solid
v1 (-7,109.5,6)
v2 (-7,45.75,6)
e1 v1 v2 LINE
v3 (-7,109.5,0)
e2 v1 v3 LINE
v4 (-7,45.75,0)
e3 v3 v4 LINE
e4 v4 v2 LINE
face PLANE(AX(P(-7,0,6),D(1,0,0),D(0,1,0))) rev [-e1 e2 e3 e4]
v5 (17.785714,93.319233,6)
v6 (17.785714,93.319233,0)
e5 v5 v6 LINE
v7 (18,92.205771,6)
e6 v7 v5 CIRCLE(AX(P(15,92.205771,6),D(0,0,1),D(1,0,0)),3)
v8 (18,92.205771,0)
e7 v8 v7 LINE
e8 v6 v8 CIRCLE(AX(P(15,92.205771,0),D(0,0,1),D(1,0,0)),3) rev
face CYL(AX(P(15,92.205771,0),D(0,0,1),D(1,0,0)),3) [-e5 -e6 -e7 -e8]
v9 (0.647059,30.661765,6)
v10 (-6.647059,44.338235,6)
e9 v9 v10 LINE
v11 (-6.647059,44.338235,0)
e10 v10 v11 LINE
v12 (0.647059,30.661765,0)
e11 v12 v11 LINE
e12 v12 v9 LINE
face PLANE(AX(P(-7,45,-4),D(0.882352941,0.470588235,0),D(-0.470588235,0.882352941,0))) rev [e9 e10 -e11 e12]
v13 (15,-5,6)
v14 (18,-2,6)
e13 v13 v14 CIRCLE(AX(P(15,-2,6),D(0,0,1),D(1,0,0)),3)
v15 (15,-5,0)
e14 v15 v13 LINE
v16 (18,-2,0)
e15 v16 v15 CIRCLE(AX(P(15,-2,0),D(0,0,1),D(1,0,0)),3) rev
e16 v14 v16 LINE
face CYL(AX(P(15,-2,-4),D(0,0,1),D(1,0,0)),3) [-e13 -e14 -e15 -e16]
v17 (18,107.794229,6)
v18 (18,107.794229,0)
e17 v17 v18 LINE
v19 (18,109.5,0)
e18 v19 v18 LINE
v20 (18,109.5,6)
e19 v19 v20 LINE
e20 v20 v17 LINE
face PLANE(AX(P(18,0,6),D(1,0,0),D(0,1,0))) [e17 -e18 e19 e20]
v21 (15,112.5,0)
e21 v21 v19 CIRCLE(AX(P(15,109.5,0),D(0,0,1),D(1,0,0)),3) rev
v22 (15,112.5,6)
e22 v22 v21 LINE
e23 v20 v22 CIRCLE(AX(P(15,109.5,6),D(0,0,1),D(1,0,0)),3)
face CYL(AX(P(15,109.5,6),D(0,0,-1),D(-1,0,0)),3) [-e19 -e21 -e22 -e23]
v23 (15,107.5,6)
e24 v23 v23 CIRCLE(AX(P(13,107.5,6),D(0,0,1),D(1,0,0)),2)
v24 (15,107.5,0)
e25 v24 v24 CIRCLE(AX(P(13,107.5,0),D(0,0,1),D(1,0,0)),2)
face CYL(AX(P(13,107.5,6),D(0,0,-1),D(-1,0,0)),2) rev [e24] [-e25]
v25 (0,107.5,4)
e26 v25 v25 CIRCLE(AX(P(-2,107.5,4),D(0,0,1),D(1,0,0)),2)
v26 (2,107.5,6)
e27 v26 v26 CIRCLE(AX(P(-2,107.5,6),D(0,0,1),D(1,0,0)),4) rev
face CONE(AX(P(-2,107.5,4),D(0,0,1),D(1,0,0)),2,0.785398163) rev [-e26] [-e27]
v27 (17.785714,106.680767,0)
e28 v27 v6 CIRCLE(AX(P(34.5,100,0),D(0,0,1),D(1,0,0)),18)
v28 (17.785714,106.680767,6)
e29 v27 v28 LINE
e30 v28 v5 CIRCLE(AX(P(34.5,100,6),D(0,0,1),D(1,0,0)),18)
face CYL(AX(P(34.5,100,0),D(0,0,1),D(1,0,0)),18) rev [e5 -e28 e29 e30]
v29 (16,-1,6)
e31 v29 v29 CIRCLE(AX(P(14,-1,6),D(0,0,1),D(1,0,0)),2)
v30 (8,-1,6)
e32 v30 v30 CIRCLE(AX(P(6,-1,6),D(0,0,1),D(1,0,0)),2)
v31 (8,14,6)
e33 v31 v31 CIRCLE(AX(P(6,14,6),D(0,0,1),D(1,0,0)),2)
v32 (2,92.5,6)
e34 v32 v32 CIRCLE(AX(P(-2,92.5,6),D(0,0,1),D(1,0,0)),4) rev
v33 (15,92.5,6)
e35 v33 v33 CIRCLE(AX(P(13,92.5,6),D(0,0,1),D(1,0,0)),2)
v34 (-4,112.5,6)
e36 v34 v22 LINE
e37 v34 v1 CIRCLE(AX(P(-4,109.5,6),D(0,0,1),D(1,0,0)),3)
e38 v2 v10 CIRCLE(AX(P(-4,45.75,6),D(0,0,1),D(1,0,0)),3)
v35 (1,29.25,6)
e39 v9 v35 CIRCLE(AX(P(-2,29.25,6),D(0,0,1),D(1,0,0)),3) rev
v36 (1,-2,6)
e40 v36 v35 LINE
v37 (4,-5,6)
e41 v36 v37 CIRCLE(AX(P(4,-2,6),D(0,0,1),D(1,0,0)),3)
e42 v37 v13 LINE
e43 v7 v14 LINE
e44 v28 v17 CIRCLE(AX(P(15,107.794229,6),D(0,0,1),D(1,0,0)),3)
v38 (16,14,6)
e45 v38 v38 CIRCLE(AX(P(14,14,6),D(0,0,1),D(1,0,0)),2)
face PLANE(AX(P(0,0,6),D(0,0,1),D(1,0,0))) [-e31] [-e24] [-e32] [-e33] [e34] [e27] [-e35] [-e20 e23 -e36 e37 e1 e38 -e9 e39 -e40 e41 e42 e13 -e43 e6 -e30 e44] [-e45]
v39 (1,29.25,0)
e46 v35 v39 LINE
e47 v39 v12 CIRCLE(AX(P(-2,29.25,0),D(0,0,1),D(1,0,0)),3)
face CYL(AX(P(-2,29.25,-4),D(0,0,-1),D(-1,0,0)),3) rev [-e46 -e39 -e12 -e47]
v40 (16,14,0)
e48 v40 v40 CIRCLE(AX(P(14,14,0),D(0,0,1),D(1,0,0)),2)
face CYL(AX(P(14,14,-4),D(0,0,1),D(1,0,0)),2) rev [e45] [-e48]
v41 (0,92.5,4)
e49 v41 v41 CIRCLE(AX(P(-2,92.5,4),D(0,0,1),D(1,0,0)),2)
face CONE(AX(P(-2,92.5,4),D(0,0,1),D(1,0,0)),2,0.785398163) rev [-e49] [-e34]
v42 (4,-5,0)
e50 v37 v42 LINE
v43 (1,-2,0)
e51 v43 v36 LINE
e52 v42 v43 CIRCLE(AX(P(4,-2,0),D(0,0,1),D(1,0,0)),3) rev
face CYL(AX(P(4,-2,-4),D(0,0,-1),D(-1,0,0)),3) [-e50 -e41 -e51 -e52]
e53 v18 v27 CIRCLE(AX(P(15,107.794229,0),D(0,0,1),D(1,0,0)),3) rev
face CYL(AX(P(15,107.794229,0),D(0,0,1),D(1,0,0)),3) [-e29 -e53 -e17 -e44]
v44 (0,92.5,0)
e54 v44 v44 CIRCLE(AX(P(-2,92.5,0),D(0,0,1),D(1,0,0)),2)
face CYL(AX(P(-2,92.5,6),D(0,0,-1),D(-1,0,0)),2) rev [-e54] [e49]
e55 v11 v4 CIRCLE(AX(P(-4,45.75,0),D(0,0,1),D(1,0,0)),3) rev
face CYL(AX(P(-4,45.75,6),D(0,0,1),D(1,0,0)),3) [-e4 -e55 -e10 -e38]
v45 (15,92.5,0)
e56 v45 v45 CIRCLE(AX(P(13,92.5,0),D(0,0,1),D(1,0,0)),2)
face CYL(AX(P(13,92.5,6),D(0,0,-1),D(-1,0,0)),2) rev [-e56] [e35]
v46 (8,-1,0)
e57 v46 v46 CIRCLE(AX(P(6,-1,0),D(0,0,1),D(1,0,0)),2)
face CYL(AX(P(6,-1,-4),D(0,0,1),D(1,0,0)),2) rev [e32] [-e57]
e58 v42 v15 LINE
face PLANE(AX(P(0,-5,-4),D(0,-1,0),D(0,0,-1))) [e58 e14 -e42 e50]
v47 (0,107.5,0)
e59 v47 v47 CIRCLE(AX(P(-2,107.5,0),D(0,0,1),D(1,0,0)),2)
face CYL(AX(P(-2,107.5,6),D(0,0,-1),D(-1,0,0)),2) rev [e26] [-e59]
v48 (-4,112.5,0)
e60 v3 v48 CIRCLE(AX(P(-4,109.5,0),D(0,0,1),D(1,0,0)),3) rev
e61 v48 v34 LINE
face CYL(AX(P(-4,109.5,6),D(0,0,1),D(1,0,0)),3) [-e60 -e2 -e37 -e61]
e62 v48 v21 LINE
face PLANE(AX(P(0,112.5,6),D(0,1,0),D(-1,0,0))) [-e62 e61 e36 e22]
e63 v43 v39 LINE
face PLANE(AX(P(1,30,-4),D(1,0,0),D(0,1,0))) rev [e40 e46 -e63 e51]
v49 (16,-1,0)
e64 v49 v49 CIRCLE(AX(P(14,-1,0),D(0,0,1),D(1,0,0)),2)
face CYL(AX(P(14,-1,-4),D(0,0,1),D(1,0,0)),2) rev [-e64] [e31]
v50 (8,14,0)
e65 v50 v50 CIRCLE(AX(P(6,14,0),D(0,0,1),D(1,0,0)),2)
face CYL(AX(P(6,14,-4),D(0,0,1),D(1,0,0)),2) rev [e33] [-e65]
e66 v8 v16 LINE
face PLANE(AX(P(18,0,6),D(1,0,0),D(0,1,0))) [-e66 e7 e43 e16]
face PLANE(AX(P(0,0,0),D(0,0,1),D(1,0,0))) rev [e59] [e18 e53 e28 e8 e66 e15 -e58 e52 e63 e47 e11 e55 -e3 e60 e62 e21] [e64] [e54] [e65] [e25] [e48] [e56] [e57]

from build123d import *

# Parameters (mm, degrees)
SKETCH_1_R          = 2
EXTRUDE_1_DEPTH     = 6
SKETCH_2_R          = 18
CUT_EXTRUDE_1_DEPTH = 6
SKETCH_3_W          = 2
SKETCH_3_H          = 20
SKETCH_3_W_2        = 23
SKETCH_3_H_2        = 10
CUT_EXTRUDE_2_DEPTH = 10
CUT_EXTRUDE_3_DEPTH = 10
EXTRUDE_2_DEPTH     = 6
SKETCH_6_W          = 15.770181782
SKETCH_6_H          = 14.407317349
EXTRUDE_3_DEPTH     = 6
SKETCH_7_R          = 2
CUT_EXTRUDE_4_DEPTH = 10
FILLET_1_R          = 3
SKETCH_8_R          = 2
CUT_EXTRUDE_5_DEPTH = 10
SKETCH_9_W          = 8
SKETCH_9_H          = 35
CUT_EXTRUDE_6_DEPTH = 10
CUT_EXTRUDE_7_DEPTH = 10
FILLET_2_R          = 3
CHAMFER_1_SIZE      = 2


with BuildPart() as part:
    # 草图1 → 凸台-拉伸1 (new body)
    with BuildSketch(Plane.XY):
        Polygon((12.5, 15), (18, 87.5), (18, 112.5), (-7, 112.5), (-7, 87.5), (-10.5, 15), (-12.5, 15), (-12.5, -15), (12.5, -15), align=None)
        with Locations((7.5, -6)):
            Circle(SKETCH_1_R, mode=Mode.SUBTRACT)
        with Locations((13, 92.5)):
            Circle(SKETCH_1_R, mode=Mode.SUBTRACT)
        with Locations((13, 107.5)):
            Circle(SKETCH_1_R, mode=Mode.SUBTRACT)
        with Locations((-2, 107.5)):
            Circle(SKETCH_1_R, mode=Mode.SUBTRACT)
        with Locations((7.5, 6)):
            Circle(SKETCH_1_R, mode=Mode.SUBTRACT)
        with Locations((-2, 92.5)):
            Circle(SKETCH_1_R, mode=Mode.SUBTRACT)
        with Locations((-0.5, 6)):
            Circle(SKETCH_1_R, mode=Mode.SUBTRACT)
        with Locations((-0.5, -6)):
            Circle(SKETCH_1_R, mode=Mode.SUBTRACT)
    extrude(amount=EXTRUDE_1_DEPTH)

    # 草图2 → 切除-拉伸1 (cut)
    with BuildSketch(Plane.XY.offset(6)):
        with Locations((34.5, 100)):
            Circle(SKETCH_2_R)
    extrude(amount=-CUT_EXTRUDE_1_DEPTH, mode=Mode.SUBTRACT)

    # 草图3 → 切除-拉伸2 (cut)
    with BuildSketch(Plane.XY.offset(6)):
        with Locations((-11.5, 5)):
            Rectangle(SKETCH_3_W, SKETCH_3_H)
        with Locations((1, -10)):
            Rectangle(SKETCH_3_W_2, SKETCH_3_H_2)
        with Locations((-11.5, -10)):
            Rectangle(SKETCH_3_W, SKETCH_3_H_2)
    extrude(amount=-CUT_EXTRUDE_2_DEPTH, mode=Mode.SUBTRACT)

    # 草图4 → 切除-拉伸3 (cut)
    with BuildSketch(Plane.XY.offset(6)):
        Polygon((-7, -5), (-7, 87.5), (-10.5, 15), (-10.5, -5), align=None)
    extrude(amount=-CUT_EXTRUDE_3_DEPTH, mode=Mode.SUBTRACT)

    # 草图5 → 凸台-拉伸2 (add)
    with BuildSketch(Plane.XY.offset(6)):
        Polygon((18, 87.5), (18, -5), (12.5, -5), (12.5, 15), align=None)
    extrude(amount=-EXTRUDE_2_DEPTH)

    # 草图6 → 凸台-拉伸3 (add)
    with BuildSketch(Plane.XY.offset(6)):
        with Locations((3.826559257, 2.203658675)):
            Rectangle(SKETCH_6_W, SKETCH_6_H)
    extrude(amount=-EXTRUDE_3_DEPTH)

    # 草图7 → 切除-拉伸4 (cut)
    with BuildSketch(Plane.XY.offset(6)):
        with Locations((6, -1)):
            Circle(SKETCH_7_R)
        with Locations((6, 14)):
            Circle(SKETCH_7_R)
        with Locations((-2, 14)):
            Circle(SKETCH_7_R)
        with Locations((-2, -1)):
            Circle(SKETCH_7_R)
    extrude(amount=-CUT_EXTRUDE_4_DEPTH, mode=Mode.SUBTRACT)

    # 圆角1
    fillet_1_edges = [part.edges().sort_by_distance(p)[0] for p in [
        (-7, -5, 3),
        (18, -5, 3),
        (-7, 112.5, 3),
        (18, 112.5, 3),
        (18, 107.193747285, 3),
        (18, 92.806252715, 3),
    ]]
    fillet(fillet_1_edges, radius=FILLET_1_R)

    # 草图8 → 切除-拉伸5 (cut)
    with BuildSketch(Plane.XY.offset(6)):
        with Locations((14, 14)):
            Circle(SKETCH_8_R)
        with Locations((14, -1)):
            Circle(SKETCH_8_R)
    extrude(amount=-CUT_EXTRUDE_5_DEPTH, mode=Mode.SUBTRACT)

    # 草图9 → 切除-拉伸6 (cut)
    with BuildSketch(Plane.XY.offset(6)):
        with Locations((-3, 12.5)):
            Rectangle(SKETCH_9_W, SKETCH_9_H)
    extrude(amount=-CUT_EXTRUDE_6_DEPTH, mode=Mode.SUBTRACT)

    # 草图10 → 切除-拉伸7 (cut)
    with BuildSketch(Plane.XY.offset(6)):
        Polygon((1, 30), (-7, 30), (-7, 45), align=None)
    extrude(amount=-CUT_EXTRUDE_7_DEPTH, mode=Mode.SUBTRACT)

    # 圆角2
    fillet_2_edges = [part.edges().sort_by_distance(p)[0] for p in [
        (1, 30, 3),
        (1, -5, 3),
        (-7, 45, 3),
    ]]
    fillet(fillet_2_edges, radius=FILLET_2_R)

    # 倒角1
    chamfer_1_edges = [part.edges().sort_by_distance(p)[0] for p in [
        (-4, 92.5, 6),
        (-4, 107.5, 6),
    ]]
    chamfer(chamfer_1_edges, length=CHAMFER_1_SIZE)


solid = part.part
